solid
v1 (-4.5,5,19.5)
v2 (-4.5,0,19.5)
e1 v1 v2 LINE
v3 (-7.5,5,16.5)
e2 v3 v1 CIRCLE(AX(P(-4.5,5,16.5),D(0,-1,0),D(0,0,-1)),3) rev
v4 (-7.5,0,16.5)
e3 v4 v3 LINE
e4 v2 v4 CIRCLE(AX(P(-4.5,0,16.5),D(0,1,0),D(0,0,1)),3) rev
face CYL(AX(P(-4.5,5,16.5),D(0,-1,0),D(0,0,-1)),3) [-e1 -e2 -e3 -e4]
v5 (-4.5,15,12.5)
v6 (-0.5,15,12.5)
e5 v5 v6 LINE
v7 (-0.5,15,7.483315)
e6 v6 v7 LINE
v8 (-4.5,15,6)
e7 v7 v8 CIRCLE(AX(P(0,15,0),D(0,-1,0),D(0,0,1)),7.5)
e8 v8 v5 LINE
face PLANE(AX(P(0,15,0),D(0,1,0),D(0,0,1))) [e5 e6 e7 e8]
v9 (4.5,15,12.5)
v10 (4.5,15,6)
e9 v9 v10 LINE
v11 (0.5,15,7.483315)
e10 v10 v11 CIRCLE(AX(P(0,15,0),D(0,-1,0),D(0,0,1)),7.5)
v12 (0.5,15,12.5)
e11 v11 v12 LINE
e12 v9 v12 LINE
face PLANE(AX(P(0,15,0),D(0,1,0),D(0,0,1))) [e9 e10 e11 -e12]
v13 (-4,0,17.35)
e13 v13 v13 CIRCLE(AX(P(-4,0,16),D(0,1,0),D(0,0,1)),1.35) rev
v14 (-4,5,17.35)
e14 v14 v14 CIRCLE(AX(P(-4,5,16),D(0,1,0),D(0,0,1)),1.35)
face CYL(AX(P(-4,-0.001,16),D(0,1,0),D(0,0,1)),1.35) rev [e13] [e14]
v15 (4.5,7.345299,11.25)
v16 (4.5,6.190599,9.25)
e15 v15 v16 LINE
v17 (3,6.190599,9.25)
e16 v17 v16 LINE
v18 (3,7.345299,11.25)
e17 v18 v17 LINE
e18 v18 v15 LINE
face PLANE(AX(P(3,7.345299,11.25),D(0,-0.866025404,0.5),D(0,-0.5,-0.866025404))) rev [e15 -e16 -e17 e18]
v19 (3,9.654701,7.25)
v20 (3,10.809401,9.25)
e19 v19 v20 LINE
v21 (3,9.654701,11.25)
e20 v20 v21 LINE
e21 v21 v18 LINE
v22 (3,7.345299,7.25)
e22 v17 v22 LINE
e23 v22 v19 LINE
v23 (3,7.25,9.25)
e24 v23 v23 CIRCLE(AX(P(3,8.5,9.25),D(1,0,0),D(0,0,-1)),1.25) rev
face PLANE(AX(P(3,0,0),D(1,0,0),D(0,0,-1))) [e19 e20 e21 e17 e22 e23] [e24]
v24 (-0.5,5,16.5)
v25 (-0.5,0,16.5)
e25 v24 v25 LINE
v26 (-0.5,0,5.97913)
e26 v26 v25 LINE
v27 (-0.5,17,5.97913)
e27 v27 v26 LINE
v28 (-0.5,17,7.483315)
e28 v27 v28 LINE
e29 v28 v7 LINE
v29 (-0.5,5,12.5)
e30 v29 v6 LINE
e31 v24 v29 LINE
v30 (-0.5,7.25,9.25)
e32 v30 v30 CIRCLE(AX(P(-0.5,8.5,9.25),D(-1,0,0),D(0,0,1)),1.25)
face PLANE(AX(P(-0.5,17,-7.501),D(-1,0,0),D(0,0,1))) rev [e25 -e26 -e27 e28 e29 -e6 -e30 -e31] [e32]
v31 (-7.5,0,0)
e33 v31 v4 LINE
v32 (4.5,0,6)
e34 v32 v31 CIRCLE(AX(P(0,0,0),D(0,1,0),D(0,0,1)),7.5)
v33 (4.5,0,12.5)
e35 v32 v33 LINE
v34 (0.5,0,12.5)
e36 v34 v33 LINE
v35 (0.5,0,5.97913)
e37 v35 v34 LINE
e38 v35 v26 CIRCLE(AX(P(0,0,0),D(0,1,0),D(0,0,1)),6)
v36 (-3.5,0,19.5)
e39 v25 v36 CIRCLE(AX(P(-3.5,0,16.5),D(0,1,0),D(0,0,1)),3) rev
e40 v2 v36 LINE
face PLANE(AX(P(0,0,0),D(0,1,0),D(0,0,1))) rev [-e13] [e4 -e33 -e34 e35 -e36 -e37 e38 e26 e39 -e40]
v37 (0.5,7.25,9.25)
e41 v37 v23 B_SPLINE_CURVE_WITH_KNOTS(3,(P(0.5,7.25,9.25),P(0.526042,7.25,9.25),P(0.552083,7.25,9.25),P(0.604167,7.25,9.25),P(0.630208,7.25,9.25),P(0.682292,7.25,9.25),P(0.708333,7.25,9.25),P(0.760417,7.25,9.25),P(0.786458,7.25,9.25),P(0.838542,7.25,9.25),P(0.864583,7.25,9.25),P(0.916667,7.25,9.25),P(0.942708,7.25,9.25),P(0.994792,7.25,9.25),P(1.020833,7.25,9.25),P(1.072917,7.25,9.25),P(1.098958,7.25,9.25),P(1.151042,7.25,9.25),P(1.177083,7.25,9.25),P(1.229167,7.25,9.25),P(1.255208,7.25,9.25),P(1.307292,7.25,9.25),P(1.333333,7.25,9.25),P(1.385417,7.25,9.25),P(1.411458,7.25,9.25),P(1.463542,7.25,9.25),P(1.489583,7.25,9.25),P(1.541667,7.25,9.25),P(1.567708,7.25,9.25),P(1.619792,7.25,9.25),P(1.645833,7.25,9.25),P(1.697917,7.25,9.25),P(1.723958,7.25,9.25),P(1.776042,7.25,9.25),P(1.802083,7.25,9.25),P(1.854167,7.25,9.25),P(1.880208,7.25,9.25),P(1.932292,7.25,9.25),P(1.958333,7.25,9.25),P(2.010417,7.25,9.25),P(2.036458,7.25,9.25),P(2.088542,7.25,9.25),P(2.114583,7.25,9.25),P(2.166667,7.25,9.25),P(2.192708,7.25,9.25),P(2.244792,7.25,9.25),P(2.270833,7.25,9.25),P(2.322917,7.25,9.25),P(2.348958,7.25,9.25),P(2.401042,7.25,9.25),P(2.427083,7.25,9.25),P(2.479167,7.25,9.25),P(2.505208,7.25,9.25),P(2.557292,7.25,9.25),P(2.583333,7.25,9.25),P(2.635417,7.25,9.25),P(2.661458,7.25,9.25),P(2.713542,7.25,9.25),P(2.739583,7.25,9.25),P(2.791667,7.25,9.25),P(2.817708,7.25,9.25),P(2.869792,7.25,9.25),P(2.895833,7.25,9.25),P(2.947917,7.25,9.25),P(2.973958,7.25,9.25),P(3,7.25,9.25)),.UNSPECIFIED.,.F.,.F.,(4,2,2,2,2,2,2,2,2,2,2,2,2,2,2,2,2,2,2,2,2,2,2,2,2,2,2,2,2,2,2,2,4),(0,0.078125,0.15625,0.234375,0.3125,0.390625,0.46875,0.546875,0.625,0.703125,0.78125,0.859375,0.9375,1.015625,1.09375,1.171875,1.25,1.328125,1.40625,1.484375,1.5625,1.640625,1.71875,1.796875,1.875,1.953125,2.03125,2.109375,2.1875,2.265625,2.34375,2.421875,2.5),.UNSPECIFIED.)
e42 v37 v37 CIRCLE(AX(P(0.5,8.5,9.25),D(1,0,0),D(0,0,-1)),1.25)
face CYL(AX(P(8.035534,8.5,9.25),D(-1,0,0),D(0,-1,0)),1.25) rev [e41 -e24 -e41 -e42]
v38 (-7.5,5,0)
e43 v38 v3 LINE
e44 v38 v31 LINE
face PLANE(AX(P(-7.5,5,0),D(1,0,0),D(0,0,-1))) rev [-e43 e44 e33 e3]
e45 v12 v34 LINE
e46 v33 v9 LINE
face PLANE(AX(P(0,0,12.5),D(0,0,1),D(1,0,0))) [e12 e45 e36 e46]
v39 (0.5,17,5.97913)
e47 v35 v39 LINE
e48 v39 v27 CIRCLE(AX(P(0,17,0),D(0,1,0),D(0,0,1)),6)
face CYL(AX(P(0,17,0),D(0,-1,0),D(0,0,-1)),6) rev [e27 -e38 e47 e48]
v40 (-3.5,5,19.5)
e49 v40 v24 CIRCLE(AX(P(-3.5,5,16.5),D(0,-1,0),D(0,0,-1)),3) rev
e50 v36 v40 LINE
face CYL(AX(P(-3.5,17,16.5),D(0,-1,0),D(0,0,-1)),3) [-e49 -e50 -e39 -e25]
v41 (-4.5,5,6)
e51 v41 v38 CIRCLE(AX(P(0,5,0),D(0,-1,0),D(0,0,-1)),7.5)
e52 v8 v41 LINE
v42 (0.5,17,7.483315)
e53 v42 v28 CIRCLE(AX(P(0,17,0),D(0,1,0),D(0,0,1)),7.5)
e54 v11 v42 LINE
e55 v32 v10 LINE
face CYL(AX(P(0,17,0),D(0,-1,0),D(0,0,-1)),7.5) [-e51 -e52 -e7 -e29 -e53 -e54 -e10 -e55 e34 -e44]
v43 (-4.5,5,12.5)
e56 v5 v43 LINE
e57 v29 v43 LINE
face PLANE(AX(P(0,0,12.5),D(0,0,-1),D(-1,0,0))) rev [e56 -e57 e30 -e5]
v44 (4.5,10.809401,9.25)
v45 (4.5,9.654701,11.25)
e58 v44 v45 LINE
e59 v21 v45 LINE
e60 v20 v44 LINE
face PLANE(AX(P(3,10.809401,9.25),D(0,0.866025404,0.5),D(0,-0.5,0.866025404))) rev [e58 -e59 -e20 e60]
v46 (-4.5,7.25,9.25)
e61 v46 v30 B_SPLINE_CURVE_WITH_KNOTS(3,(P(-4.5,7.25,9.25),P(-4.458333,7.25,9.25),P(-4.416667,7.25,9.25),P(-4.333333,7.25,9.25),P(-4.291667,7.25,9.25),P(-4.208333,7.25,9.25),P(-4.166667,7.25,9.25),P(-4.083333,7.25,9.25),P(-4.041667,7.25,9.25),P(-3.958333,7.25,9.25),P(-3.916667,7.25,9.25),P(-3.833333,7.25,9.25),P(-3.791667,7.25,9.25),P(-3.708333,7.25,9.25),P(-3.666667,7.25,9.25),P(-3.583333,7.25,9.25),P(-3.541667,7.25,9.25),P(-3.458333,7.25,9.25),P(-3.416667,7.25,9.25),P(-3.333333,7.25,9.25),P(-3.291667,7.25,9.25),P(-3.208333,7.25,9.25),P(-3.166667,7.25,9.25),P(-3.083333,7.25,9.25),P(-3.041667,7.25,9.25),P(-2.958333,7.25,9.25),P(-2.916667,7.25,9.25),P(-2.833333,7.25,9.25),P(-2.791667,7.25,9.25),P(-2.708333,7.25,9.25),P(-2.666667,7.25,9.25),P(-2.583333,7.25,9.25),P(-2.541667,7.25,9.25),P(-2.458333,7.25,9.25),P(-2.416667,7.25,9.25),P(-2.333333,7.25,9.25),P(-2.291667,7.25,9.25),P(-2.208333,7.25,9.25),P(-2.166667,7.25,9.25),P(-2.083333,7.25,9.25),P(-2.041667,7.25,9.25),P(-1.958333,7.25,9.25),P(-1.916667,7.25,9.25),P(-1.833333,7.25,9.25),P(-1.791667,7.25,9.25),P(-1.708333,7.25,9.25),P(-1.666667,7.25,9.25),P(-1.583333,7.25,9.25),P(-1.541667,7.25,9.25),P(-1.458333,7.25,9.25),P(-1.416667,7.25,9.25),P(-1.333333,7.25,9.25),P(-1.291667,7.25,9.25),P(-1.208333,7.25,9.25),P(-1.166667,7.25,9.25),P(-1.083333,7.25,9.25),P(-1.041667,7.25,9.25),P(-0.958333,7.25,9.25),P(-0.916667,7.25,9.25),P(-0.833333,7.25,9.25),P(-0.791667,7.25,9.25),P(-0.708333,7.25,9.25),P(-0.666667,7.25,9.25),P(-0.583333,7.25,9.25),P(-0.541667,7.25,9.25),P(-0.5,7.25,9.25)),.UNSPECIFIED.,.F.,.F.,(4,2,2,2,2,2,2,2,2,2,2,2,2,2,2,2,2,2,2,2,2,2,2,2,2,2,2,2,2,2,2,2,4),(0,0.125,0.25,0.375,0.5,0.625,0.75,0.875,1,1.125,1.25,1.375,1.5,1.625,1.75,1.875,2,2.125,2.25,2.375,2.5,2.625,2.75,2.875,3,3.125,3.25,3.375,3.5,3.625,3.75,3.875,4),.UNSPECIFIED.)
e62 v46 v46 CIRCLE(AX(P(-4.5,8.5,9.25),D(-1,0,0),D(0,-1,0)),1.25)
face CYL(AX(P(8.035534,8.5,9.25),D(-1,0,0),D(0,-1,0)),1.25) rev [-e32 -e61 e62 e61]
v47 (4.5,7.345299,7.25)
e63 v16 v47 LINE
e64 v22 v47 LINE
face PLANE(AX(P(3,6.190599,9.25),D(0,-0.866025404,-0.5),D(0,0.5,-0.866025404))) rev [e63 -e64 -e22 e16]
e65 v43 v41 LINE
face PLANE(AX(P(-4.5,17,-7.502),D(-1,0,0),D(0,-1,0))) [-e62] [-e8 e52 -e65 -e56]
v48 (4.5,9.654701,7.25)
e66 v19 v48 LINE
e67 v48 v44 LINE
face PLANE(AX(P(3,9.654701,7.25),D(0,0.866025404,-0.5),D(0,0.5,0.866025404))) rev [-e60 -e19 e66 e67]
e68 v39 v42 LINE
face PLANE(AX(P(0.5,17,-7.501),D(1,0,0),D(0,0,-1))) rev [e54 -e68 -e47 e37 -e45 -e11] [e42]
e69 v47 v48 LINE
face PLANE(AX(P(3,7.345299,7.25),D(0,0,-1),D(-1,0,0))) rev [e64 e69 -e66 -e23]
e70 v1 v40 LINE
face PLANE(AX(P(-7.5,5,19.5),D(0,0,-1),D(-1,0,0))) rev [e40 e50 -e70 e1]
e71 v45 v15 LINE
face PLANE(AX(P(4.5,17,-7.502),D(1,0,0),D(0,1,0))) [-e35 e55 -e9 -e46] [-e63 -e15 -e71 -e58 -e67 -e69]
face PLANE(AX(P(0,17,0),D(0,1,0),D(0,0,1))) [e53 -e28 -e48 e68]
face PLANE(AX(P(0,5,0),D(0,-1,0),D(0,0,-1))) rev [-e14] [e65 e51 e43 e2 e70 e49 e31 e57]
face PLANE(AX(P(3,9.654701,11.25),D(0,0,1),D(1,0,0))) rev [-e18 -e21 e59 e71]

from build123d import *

# Parameters (mm, degrees)
SKETCH_1_R                  = 7.5
SKETCH_1_R_2                = 6
EXTRUDE_1_DEPTH             = 17
CUT_EXTRUDE_1_REACH         = 25.88
CUT_EXTRUDE_1_END_RADIUS    = 6
SKETCH_2_W                  = 1
SKETCH_2_H                  = 17
SKETCH_3_W                  = 4
SKETCH_3_H                  = 17
EXTRUDE_2_DEPTH             = 5
EXTRUDE_2_DIRECTION_2_REACH = 25.88
CUT_EXTRUDE_START           = -2
CUT_EXTRUDE_4_DEPTH         = 2
CUT_EXTRUDE_2_REACH         = 26.274
SKETCH_4_R                  = 1.25
CUT_EXTRUDE_3_DEPTH         = 1.5
EXTRUDE_3_DEPTH             = 5
CUT_EXTRUDE_5_REACH         = 26.094
SKETCH_9_R                  = 1.35
FILLET_1_R                  = 3


with BuildPart() as part:
    # 草图1 → 凸台-拉伸1 (new body)
    with BuildSketch(Plane(origin=(0, 0, 0), x_dir=(1, 0, 0), z_dir=(0, 1, 0))):
        with Locations(Location((0, 0, 0), (0, 0, 270))):
            Circle(SKETCH_1_R)
        with Locations(Location((0, 0, 0), (0, 0, 270))):
            Circle(SKETCH_1_R_2, mode=Mode.SUBTRACT)
    extrude(amount=EXTRUDE_1_DEPTH)

    # 切除-拉伸1: up to this cylinder (the profile starts outside it)
    cut_extrude_1_end = Plane(origin=(0, 8.5, 0), z_dir=(0, -1, 0)) * Cylinder(CUT_EXTRUDE_1_END_RADIUS, 64.76, mode=Mode.PRIVATE)
    # 草图2 → 切除-拉伸1 (cut, up to the surface)
    with BuildSketch(Plane.XY.offset(7.5), mode=Mode.PRIVATE) as cut_extrude_1_sk1:
        with Locations((0, 8.5)):
            Rectangle(SKETCH_2_W, SKETCH_2_H)
    cut_extrude_1_tool1 = extrude(cut_extrude_1_sk1.sketch, amount=-CUT_EXTRUDE_1_REACH, mode=Mode.PRIVATE) - cut_extrude_1_end
    add(cut_extrude_1_tool1.solids().sort_by_distance((0, 8.5, 7.5))[0], mode=Mode.SUBTRACT)

    # 草图3 → 凸台-拉伸2 (add)
    with BuildSketch(Plane.XY.offset(7.5)):
        with Locations((-2.5, 8.5)):
            Rectangle(SKETCH_3_W, SKETCH_3_H)
        with Locations((2.5, 8.5)):
            Rectangle(SKETCH_3_W, SKETCH_3_H)
    extrude(amount=EXTRUDE_2_DEPTH)

    # 草图3 → 凸台-拉伸2 direction 2 (add, up to next)
    with BuildSketch(Plane.XY.offset(7.5), mode=Mode.PRIVATE) as extrude_2_direction_2_sk1:
        with Locations((-2.5, 8.5)):
            Rectangle(SKETCH_3_W, SKETCH_3_H)
    extrude_2_direction_2_tool1 = extrude(extrude_2_direction_2_sk1.sketch, amount=-EXTRUDE_2_DIRECTION_2_REACH, mode=Mode.PRIVATE) - part.part
    # 草图3 → 凸台-拉伸2 direction 2 (add, up to next)
    with BuildSketch(Plane.XY.offset(7.5), mode=Mode.PRIVATE) as extrude_2_direction_2_sk2:
        with Locations((2.5, 8.5)):
            Rectangle(SKETCH_3_W, SKETCH_3_H)
    extrude_2_direction_2_tool2 = extrude(extrude_2_direction_2_sk2.sketch, amount=-EXTRUDE_2_DIRECTION_2_REACH, mode=Mode.PRIVATE) - part.part
    add(extrude_2_direction_2_tool1.solids().sort_by_distance((-2.5, 8.5, 7.5))[0])
    add(extrude_2_direction_2_tool2.solids().sort_by_distance((2.5, 8.5, 7.5))[0])

    # 草图7 → 切除-拉伸4 (cut)
    with BuildSketch(Plane(origin=(0, 17, 0), x_dir=(1, 0, 0), z_dir=(0, 1, 0)).offset(CUT_EXTRUDE_START)):
        with BuildLine():
            Line((-4.5, -6), (-4.5, -12.5))
            Line((-4.5, -12.5), (4.5, -12.5))
            Line((4.5, -12.5), (4.5, -6))
            ThreePointArc((4.5, -6), (0, -7.5), (-4.5, -6))
        make_face()
    extrude(amount=CUT_EXTRUDE_4_DEPTH, mode=Mode.SUBTRACT)

    # 切除-拉伸2: up to this face of the body (flat: up to its plane)
    cut_extrude_2_end = Plane(part.part.faces().sort_by_distance((4.5, 7.5, 9.25))[0])
    # 草图4 → 切除-拉伸2 (cut, up to the picked face)
    with BuildSketch(Plane.ZY.offset(4.5), mode=Mode.PRIVATE) as cut_extrude_2_sk1:
        with Locations(Location((9.25, 8.5, 0), (0, 0, 270))):
            Circle(SKETCH_4_R)
    cut_extrude_2_tool1 = split(extrude(cut_extrude_2_sk1.sketch, amount=-CUT_EXTRUDE_2_REACH, mode=Mode.PRIVATE), bisect_by=cut_extrude_2_end, keep=Keep.BOTH, mode=Mode.PRIVATE)
    add(cut_extrude_2_tool1.solids().sort_by(Axis((-4.5, 8.5, 9.25), (1, 0, 0)))[0], mode=Mode.SUBTRACT)

    # 草图5 → 切除-拉伸3 (cut)
    with BuildSketch(Plane(origin=(4.5, 0, 0), x_dir=(0, 0, -1), z_dir=(1, 0, 0))):
        Polygon((-9.25, 6.190598923), (-7.25, 7.345299462), (-7.25, 9.654700538), (-9.25, 10.809401077), (-11.25, 9.654700538), (-11.25, 7.345299462), align=None)
    extrude(amount=-CUT_EXTRUDE_3_DEPTH, mode=Mode.SUBTRACT)

    # 草图8 → 凸台-拉伸3 (add)
    with BuildSketch(Plane(origin=(0, 0, 0), x_dir=(1, 0, 0), z_dir=(0, 1, 0))):
        Polygon((-7.5, 0), (-7.5, -19.5), (-0.5, -19.5), (-0.5, -12.5), (-4.5, -12.5), (-4.5, -6), align=None)
    extrude(amount=EXTRUDE_3_DEPTH)

    # 草图9 → 切除-拉伸5 (cut, up to next)
    with BuildSketch(Plane(origin=(0, 5, 0), x_dir=(1, 0, 0), z_dir=(0, 1, 0)), mode=Mode.PRIVATE) as cut_extrude_5_sk1:
        with Locations(Location((-4, -16, 0), (0, 0, 270))):
            Circle(SKETCH_9_R)
    cut_extrude_5_tool1 = extrude(cut_extrude_5_sk1.sketch, amount=-CUT_EXTRUDE_5_REACH, mode=Mode.PRIVATE) & part.part
    add(cut_extrude_5_tool1.solids().sort_by_distance((-4, 5, 16))[0], mode=Mode.SUBTRACT)

    # 圆角1
    fillet_1_edges = [part.edges().sort_by_distance(p)[0] for p in [
        (-7.5, 2.5, 19.5),
        (-0.5, 2.5, 19.5),
    ]]
    fillet(fillet_1_edges, radius=FILLET_1_R)


solid = part.part
